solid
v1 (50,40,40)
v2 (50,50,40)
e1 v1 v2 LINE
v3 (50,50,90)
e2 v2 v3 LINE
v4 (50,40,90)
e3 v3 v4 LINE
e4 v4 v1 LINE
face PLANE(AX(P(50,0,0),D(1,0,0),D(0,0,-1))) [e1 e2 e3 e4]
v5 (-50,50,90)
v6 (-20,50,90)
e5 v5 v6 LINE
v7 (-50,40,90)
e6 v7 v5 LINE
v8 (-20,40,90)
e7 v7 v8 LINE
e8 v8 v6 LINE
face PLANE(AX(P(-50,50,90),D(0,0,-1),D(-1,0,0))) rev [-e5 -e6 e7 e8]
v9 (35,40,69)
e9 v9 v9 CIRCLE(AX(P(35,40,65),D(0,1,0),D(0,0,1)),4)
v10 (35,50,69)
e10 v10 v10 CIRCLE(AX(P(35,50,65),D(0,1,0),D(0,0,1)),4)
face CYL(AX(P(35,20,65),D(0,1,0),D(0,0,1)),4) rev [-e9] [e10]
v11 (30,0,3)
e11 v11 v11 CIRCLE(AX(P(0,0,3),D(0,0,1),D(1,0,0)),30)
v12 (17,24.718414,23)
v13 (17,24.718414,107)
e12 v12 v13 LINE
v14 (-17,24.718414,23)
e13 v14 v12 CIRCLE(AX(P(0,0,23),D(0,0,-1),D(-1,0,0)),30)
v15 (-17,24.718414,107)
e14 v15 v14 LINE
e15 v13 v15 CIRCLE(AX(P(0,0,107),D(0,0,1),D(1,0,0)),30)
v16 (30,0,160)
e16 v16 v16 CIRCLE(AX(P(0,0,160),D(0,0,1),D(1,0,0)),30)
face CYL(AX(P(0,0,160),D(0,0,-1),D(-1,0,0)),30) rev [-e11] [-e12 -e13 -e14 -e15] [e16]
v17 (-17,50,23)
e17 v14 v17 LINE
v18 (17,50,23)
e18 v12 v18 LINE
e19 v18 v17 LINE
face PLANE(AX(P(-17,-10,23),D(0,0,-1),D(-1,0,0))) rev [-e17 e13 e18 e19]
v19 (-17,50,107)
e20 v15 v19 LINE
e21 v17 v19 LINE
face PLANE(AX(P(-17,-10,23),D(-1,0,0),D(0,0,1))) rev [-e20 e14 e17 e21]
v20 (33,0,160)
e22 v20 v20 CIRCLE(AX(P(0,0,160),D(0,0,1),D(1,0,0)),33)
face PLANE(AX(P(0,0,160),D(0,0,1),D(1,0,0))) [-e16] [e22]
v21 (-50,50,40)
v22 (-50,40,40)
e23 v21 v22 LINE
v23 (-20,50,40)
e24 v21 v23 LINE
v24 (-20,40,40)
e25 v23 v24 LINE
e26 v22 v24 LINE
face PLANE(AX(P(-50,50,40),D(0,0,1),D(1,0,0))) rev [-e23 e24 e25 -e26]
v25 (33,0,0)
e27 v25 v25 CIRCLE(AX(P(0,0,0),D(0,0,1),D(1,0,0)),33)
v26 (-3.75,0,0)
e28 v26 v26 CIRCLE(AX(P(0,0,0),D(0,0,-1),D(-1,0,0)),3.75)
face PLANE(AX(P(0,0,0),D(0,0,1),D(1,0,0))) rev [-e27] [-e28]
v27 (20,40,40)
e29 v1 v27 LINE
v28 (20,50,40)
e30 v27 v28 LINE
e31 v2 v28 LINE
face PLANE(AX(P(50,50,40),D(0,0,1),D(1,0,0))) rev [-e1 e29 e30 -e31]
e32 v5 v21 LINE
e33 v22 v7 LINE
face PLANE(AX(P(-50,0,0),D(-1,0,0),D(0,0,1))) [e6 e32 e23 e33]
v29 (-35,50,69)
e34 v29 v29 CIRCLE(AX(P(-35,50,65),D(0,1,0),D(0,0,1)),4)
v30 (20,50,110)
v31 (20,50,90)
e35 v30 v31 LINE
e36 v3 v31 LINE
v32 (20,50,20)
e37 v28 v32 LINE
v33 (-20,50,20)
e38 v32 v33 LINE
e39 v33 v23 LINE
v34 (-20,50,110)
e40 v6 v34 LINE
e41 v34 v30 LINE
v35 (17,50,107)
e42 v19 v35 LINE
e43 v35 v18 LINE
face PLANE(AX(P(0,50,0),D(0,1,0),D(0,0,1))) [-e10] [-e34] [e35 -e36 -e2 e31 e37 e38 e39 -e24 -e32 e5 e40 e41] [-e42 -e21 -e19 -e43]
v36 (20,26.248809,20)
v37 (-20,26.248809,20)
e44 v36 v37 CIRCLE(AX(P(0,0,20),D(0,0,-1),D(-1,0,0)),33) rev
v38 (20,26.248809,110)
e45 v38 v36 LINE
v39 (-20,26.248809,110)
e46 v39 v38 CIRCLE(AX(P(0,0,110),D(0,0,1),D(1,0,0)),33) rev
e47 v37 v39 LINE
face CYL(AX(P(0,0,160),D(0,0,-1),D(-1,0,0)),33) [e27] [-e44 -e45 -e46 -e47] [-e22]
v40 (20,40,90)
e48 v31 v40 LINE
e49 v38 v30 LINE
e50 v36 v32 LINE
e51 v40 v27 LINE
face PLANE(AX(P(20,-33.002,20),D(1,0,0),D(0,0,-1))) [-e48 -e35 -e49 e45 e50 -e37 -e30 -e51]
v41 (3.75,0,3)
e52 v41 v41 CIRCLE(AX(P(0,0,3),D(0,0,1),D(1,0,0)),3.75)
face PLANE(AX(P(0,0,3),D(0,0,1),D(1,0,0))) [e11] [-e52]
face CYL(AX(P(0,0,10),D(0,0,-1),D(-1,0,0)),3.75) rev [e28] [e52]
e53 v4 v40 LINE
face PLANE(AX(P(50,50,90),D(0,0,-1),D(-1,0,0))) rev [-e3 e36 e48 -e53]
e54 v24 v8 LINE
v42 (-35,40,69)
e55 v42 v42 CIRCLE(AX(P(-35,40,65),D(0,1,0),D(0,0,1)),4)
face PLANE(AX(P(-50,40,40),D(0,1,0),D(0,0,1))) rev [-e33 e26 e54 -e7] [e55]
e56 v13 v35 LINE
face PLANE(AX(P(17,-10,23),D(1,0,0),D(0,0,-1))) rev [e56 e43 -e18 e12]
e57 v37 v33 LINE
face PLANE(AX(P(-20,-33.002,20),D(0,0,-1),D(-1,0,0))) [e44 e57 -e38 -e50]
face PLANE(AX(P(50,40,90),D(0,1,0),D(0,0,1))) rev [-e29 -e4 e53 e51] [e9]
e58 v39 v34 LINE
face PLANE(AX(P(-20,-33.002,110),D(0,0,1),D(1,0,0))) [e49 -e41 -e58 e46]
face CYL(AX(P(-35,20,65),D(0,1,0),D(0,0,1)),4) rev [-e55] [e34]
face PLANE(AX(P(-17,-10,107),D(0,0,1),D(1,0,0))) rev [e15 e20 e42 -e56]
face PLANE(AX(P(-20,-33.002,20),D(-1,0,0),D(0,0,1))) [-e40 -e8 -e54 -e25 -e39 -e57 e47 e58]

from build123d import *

# Parameters (mm, degrees)
SKETCH_1_R           = 33
EXTRUDE_1_DEPTH      = 160
SHELL_1_T            = -3
EXTRUDE_2_REACH      = 185.243
EXTRUDE_2_END_RADIUS = 33
SKETCH_2_W           = 40
SKETCH_2_H           = 90
SKETCH_3_W           = 34
SKETCH_3_H           = 84
CUT_EXTRUDE_1_DEPTH  = 60
SKETCH_4_W           = 50
SKETCH_4_H           = 10
EXTRUDE_3_DEPTH      = 30
SKETCH_5_R           = 4
CUT_EXTRUDE_2_DEPTH  = 30
SKETCH_6_W           = 50
SKETCH_6_H           = 10
EXTRUDE_4_DEPTH      = 30
SKETCH_7_R           = 4
CUT_EXTRUDE_3_DEPTH  = 30
SKETCH_8_R           = 3.75
CUT_EXTRUDE_4_DEPTH  = 10


with BuildPart() as part:
    # 草图1 → 凸台-拉伸1 (new body)
    with BuildSketch(Plane.XY):
        Circle(SKETCH_1_R)
    extrude(amount=EXTRUDE_1_DEPTH)

    # 抽壳1
    shell_1_openings = [part.faces().sort_by_distance(p)[0] for p in [
        (0, 0, 160),
    ]]
    offset(amount=SHELL_1_T, openings=shell_1_openings, kind=Kind.INTERSECTION)

    # 凸台-拉伸2: up to this cylinder (the profile starts outside it)
    extrude_2_end = Plane(origin=(0, 0, 65), z_dir=(0, 0, -1)) * Cylinder(EXTRUDE_2_END_RADIUS, 437.486, mode=Mode.PRIVATE)
    # 草图2 → 凸台-拉伸2 (add, up to the surface)
    with BuildSketch(Plane(origin=(0, 50, 0), x_dir=(1, 0, 0), z_dir=(0, 1, 0)), mode=Mode.PRIVATE) as extrude_2_sk1:
        with Locations((0, -65)):
            Rectangle(SKETCH_2_W, SKETCH_2_H)
    extrude_2_tool1 = extrude(extrude_2_sk1.sketch, amount=-EXTRUDE_2_REACH, mode=Mode.PRIVATE) - extrude_2_end
    add(extrude_2_tool1.solids().sort_by_distance((0, 50, 65))[0])

    # 草图3 → 切除-拉伸1 (cut)
    with BuildSketch(Plane(origin=(0, 50, 0), x_dir=(1, 0, 0), z_dir=(0, 1, 0))):
        with Locations((0, -65)):
            Rectangle(SKETCH_3_W, SKETCH_3_H)
    extrude(amount=-CUT_EXTRUDE_1_DEPTH, mode=Mode.SUBTRACT)

    # 草图4 → 凸台-拉伸3 (add)
    with BuildSketch(Plane.ZY.offset(20)):
        with Locations((65, 45)):
            Rectangle(SKETCH_4_W, SKETCH_4_H)
    extrude(amount=EXTRUDE_3_DEPTH)

    # 草图5 → 切除-拉伸2 (cut)
    with BuildSketch(Plane(origin=(0, 50, 0), x_dir=(1, 0, 0), z_dir=(0, 1, 0))):
        with Locations(Location((-35, -65, 0), (0, 0, 270))):
            Circle(SKETCH_5_R)
    extrude(amount=-CUT_EXTRUDE_2_DEPTH, mode=Mode.SUBTRACT)

    # 草图6 → 凸台-拉伸4 (add)
    with BuildSketch(Plane(origin=(20, 0, 0), x_dir=(0, 0, -1), z_dir=(1, 0, 0))):
        with Locations((-65, 45)):
            Rectangle(SKETCH_6_W, SKETCH_6_H)
    extrude(amount=EXTRUDE_4_DEPTH)

    # 草图7 → 切除-拉伸3 (cut)
    with BuildSketch(Plane(origin=(0, 50, 0), x_dir=(1, 0, 0), z_dir=(0, 1, 0))):
        with Locations(Location((35, -65, 0), (0, 0, 270))):
            Circle(SKETCH_7_R)
    extrude(amount=-CUT_EXTRUDE_3_DEPTH, mode=Mode.SUBTRACT)

    # 草图8 → 切除-拉伸4 (cut)
    with BuildSketch(Plane(origin=(0, 0, 0), x_dir=(-1, 0, 0), z_dir=(0, 0, -1))):
        Circle(SKETCH_8_R)
    extrude(amount=-CUT_EXTRUDE_4_DEPTH, mode=Mode.SUBTRACT)


solid = part.part
